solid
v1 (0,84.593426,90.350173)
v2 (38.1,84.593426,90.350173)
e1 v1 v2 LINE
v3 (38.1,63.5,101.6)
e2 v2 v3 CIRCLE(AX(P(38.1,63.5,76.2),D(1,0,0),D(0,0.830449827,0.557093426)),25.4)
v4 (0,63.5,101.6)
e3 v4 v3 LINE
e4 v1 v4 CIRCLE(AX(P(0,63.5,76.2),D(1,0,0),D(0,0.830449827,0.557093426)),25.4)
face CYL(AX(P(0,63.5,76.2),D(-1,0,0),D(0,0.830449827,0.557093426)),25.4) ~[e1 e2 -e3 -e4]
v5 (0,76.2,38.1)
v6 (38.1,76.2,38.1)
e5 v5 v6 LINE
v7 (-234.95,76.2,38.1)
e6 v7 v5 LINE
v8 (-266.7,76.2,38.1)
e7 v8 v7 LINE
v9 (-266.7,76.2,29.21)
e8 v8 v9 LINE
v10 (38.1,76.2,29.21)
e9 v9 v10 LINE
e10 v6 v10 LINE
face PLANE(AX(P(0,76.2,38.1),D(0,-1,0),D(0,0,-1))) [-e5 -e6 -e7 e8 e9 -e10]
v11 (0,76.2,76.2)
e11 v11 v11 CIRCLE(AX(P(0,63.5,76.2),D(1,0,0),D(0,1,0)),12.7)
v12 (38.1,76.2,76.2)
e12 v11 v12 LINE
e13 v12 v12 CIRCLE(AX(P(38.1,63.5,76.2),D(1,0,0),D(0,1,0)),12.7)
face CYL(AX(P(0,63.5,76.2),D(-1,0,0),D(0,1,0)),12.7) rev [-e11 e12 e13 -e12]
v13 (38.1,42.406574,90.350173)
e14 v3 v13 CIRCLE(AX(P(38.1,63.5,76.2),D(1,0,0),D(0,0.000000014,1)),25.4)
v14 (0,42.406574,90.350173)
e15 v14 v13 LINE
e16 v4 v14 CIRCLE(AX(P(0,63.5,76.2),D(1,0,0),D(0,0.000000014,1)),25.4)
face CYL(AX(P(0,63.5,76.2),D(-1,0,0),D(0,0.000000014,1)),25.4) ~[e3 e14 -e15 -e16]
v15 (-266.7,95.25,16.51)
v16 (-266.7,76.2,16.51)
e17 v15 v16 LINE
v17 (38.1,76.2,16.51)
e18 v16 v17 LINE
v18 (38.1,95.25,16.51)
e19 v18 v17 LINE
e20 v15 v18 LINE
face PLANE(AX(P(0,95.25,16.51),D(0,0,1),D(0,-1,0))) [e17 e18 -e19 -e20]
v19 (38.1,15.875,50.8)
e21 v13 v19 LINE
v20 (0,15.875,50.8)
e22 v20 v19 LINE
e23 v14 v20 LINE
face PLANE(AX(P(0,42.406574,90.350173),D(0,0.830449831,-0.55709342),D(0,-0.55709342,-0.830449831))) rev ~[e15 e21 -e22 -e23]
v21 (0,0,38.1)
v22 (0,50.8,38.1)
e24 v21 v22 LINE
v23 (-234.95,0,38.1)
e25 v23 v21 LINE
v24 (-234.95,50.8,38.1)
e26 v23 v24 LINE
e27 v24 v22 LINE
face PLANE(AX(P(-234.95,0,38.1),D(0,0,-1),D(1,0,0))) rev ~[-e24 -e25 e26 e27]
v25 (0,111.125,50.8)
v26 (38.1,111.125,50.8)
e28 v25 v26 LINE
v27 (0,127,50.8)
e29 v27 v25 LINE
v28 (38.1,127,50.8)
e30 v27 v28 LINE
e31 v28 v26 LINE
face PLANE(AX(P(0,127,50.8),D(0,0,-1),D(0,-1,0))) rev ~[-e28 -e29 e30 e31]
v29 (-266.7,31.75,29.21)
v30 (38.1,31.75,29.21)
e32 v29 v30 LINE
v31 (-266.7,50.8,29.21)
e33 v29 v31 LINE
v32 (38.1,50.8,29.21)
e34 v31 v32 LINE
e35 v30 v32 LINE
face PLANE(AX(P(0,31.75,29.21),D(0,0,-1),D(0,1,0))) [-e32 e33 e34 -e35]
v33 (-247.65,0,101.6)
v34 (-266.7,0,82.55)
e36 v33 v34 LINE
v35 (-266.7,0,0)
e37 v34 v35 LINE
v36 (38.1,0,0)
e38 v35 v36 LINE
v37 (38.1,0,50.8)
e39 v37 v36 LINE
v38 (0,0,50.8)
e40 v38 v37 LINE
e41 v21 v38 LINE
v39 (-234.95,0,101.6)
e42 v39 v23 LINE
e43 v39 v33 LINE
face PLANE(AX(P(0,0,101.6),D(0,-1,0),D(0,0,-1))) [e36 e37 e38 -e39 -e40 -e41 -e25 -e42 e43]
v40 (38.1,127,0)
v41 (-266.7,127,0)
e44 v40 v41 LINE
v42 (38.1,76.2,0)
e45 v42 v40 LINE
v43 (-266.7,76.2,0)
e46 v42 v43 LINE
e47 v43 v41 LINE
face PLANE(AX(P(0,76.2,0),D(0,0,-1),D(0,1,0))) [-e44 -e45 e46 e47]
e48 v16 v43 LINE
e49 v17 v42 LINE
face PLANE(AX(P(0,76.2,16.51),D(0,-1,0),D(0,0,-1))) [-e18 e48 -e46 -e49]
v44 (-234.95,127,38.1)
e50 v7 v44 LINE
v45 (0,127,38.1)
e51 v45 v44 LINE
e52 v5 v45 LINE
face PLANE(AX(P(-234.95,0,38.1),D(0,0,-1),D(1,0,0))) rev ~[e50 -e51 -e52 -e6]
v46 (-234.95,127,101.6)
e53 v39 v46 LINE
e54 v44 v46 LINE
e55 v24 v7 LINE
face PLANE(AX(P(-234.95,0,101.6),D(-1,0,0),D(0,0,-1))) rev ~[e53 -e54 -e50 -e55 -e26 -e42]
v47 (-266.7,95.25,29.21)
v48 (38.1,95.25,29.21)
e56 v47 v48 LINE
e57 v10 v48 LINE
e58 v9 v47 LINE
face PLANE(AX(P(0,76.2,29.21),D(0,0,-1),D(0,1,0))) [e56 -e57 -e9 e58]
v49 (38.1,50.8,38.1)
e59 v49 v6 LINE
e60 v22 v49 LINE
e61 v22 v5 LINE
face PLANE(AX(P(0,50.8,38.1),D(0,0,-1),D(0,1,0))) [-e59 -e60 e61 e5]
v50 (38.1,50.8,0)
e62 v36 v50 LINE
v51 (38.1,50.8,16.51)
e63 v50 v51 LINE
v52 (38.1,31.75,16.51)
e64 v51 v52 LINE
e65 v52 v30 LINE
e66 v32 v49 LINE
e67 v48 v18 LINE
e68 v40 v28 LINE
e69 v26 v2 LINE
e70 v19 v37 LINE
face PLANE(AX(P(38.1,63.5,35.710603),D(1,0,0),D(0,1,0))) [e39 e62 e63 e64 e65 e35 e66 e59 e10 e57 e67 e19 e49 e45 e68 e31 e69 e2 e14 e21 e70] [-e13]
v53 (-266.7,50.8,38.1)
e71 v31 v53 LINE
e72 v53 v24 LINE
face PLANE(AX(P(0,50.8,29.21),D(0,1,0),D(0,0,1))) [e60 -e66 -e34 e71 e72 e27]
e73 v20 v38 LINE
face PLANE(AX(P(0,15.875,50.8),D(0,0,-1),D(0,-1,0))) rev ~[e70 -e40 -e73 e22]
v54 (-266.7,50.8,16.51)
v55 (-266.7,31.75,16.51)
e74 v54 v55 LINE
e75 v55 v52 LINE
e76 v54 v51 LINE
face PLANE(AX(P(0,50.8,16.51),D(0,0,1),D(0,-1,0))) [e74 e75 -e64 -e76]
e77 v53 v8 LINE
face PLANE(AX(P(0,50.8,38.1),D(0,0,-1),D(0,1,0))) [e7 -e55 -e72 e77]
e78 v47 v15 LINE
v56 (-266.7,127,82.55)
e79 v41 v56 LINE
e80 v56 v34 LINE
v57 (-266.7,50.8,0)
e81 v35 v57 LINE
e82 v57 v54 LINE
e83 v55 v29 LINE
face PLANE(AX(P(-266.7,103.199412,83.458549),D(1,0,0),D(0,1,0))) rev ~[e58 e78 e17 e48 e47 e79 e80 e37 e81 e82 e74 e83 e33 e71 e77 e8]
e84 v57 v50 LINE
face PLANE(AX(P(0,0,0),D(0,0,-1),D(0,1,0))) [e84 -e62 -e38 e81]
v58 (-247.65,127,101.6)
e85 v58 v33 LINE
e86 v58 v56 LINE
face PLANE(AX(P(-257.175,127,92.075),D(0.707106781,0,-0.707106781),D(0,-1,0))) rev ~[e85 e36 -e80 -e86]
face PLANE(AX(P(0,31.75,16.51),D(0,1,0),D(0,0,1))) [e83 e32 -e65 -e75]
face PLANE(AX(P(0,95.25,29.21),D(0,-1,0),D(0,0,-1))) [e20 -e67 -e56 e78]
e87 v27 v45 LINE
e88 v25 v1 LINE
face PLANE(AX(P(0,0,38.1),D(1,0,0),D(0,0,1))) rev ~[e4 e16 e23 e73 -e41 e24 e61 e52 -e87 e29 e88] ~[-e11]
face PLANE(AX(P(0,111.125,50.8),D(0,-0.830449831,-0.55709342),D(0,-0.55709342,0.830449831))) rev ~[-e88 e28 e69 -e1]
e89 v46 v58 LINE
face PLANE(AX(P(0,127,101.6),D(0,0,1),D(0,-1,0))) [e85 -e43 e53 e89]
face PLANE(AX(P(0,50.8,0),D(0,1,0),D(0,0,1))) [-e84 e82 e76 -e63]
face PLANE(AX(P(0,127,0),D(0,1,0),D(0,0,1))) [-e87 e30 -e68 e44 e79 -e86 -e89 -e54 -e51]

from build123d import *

# Parameters (mm, degrees)
F0_R     = 12.7
F1_DEPTH = 38.1
F2_DEPTH = 266.7
F3_SIZE2 = 19.05
F3_SIZE  = 19.05
F5_DEPTH = 127.001


with BuildPart() as f1:
    # F0 (on Right) → F1 (new body)
    with BuildSketch(Plane.YZ):
        with BuildLine():
            Line((0, 50.8), (0, 0))
            Line((0, 0), (50.8, 0))
            Line((50.8, 0), (50.8, 16.51))
            Line((50.8, 16.51), (31.75, 16.51))
            Line((31.75, 16.51), (31.75, 29.21))
            Line((31.75, 29.21), (50.8, 29.21))
            Line((50.8, 29.21), (50.8, 38.1))
            Line((50.8, 38.1), (76.2, 38.1))
            Line((76.2, 38.1), (76.2, 29.21))
            Line((76.2, 29.21), (95.25, 29.21))
            Line((95.25, 29.21), (95.25, 16.51))
            Line((95.25, 16.51), (76.2, 16.51))
            Line((76.2, 16.51), (76.2, 0))
            Line((76.2, 0), (127, 0))
            Line((127, 0), (127, 50.8))
            Line((127, 50.8), (111.125, 50.8))
            Line((111.125, 50.8), (84.593426, 90.350173))
            ThreePointArc((84.593426, 90.350173), (75.452941, 98.611765), (63.5, 101.6))
            ThreePointArc((63.5, 101.6), (51.547059, 98.611765), (42.406574, 90.350173))
            Line((42.406574, 90.350173), (15.875, 50.8))
            Line((15.875, 50.8), (0, 50.8))
        make_face()
        with Locations((63.5, 76.2)):
            Circle(F0_R, mode=Mode.SUBTRACT)
    extrude(amount=F1_DEPTH)

    # F0 (on Right) → F2 (join)
    with BuildSketch(Plane.YZ):
        with BuildLine():
            Line((127, 101.6), (63.5, 101.6))
            ThreePointArc((63.5, 101.6), (75.452941, 98.611765), (84.593426, 90.350173))
            Line((84.593426, 90.350173), (111.125, 50.8))
            Line((111.125, 50.8), (127, 50.8))
            Line((127, 50.8), (127, 101.6))
        make_face()
        with BuildLine():
            Line((0, 101.6), (0, 50.8))
            Line((0, 50.8), (15.875, 50.8))
            Line((15.875, 50.8), (42.406574, 90.350173))
            ThreePointArc((42.406574, 90.350173), (51.547059, 98.611765), (63.5, 101.6))
            Line((63.5, 101.6), (0, 101.6))
        make_face()
        with BuildLine():
            Line((0, 50.8), (0, 0))
            Line((0, 0), (50.8, 0))
            Line((50.8, 0), (50.8, 16.51))
            Line((50.8, 16.51), (31.75, 16.51))
            Line((31.75, 16.51), (31.75, 29.21))
            Line((31.75, 29.21), (50.8, 29.21))
            Line((50.8, 29.21), (50.8, 38.1))
            Line((50.8, 38.1), (76.2, 38.1))
            Line((76.2, 38.1), (76.2, 29.21))
            Line((76.2, 29.21), (95.25, 29.21))
            Line((95.25, 29.21), (95.25, 16.51))
            Line((95.25, 16.51), (76.2, 16.51))
            Line((76.2, 16.51), (76.2, 0))
            Line((76.2, 0), (127, 0))
            Line((127, 0), (127, 50.8))
            Line((127, 50.8), (111.125, 50.8))
            Line((111.125, 50.8), (84.593426, 90.350173))
            ThreePointArc((84.593426, 90.350173), (75.452941, 98.611765), (63.5, 101.6))
            ThreePointArc((63.5, 101.6), (51.547059, 98.611765), (42.406574, 90.350173))
            Line((42.406574, 90.350173), (15.875, 50.8))
            Line((15.875, 50.8), (0, 50.8))
        make_face()
        with Locations((63.5, 76.2)):
            Circle(F0_R, mode=Mode.SUBTRACT)
        with Locations((63.5, 76.2)):
            Circle(F0_R)
    extrude(amount=-F2_DEPTH)

    # F3
    f3_edges = [f1.edges().sort_by_distance(p)[0] for p in [
        (-266.7, 63.5, 101.6),
    ]]
    chamfer(f3_edges, length=F3_SIZE, length2=F3_SIZE2)

    # F4 (on face) → F5 (cut, through all)
    with BuildSketch(Plane.XZ):
        Polygon((0, 101.6), (-234.95, 101.6), (-234.95, 38.1), (0, 38.1), (0, 50.8), align=None)
    extrude(amount=-F5_DEPTH, mode=Mode.SUBTRACT)


solid = f1.part
